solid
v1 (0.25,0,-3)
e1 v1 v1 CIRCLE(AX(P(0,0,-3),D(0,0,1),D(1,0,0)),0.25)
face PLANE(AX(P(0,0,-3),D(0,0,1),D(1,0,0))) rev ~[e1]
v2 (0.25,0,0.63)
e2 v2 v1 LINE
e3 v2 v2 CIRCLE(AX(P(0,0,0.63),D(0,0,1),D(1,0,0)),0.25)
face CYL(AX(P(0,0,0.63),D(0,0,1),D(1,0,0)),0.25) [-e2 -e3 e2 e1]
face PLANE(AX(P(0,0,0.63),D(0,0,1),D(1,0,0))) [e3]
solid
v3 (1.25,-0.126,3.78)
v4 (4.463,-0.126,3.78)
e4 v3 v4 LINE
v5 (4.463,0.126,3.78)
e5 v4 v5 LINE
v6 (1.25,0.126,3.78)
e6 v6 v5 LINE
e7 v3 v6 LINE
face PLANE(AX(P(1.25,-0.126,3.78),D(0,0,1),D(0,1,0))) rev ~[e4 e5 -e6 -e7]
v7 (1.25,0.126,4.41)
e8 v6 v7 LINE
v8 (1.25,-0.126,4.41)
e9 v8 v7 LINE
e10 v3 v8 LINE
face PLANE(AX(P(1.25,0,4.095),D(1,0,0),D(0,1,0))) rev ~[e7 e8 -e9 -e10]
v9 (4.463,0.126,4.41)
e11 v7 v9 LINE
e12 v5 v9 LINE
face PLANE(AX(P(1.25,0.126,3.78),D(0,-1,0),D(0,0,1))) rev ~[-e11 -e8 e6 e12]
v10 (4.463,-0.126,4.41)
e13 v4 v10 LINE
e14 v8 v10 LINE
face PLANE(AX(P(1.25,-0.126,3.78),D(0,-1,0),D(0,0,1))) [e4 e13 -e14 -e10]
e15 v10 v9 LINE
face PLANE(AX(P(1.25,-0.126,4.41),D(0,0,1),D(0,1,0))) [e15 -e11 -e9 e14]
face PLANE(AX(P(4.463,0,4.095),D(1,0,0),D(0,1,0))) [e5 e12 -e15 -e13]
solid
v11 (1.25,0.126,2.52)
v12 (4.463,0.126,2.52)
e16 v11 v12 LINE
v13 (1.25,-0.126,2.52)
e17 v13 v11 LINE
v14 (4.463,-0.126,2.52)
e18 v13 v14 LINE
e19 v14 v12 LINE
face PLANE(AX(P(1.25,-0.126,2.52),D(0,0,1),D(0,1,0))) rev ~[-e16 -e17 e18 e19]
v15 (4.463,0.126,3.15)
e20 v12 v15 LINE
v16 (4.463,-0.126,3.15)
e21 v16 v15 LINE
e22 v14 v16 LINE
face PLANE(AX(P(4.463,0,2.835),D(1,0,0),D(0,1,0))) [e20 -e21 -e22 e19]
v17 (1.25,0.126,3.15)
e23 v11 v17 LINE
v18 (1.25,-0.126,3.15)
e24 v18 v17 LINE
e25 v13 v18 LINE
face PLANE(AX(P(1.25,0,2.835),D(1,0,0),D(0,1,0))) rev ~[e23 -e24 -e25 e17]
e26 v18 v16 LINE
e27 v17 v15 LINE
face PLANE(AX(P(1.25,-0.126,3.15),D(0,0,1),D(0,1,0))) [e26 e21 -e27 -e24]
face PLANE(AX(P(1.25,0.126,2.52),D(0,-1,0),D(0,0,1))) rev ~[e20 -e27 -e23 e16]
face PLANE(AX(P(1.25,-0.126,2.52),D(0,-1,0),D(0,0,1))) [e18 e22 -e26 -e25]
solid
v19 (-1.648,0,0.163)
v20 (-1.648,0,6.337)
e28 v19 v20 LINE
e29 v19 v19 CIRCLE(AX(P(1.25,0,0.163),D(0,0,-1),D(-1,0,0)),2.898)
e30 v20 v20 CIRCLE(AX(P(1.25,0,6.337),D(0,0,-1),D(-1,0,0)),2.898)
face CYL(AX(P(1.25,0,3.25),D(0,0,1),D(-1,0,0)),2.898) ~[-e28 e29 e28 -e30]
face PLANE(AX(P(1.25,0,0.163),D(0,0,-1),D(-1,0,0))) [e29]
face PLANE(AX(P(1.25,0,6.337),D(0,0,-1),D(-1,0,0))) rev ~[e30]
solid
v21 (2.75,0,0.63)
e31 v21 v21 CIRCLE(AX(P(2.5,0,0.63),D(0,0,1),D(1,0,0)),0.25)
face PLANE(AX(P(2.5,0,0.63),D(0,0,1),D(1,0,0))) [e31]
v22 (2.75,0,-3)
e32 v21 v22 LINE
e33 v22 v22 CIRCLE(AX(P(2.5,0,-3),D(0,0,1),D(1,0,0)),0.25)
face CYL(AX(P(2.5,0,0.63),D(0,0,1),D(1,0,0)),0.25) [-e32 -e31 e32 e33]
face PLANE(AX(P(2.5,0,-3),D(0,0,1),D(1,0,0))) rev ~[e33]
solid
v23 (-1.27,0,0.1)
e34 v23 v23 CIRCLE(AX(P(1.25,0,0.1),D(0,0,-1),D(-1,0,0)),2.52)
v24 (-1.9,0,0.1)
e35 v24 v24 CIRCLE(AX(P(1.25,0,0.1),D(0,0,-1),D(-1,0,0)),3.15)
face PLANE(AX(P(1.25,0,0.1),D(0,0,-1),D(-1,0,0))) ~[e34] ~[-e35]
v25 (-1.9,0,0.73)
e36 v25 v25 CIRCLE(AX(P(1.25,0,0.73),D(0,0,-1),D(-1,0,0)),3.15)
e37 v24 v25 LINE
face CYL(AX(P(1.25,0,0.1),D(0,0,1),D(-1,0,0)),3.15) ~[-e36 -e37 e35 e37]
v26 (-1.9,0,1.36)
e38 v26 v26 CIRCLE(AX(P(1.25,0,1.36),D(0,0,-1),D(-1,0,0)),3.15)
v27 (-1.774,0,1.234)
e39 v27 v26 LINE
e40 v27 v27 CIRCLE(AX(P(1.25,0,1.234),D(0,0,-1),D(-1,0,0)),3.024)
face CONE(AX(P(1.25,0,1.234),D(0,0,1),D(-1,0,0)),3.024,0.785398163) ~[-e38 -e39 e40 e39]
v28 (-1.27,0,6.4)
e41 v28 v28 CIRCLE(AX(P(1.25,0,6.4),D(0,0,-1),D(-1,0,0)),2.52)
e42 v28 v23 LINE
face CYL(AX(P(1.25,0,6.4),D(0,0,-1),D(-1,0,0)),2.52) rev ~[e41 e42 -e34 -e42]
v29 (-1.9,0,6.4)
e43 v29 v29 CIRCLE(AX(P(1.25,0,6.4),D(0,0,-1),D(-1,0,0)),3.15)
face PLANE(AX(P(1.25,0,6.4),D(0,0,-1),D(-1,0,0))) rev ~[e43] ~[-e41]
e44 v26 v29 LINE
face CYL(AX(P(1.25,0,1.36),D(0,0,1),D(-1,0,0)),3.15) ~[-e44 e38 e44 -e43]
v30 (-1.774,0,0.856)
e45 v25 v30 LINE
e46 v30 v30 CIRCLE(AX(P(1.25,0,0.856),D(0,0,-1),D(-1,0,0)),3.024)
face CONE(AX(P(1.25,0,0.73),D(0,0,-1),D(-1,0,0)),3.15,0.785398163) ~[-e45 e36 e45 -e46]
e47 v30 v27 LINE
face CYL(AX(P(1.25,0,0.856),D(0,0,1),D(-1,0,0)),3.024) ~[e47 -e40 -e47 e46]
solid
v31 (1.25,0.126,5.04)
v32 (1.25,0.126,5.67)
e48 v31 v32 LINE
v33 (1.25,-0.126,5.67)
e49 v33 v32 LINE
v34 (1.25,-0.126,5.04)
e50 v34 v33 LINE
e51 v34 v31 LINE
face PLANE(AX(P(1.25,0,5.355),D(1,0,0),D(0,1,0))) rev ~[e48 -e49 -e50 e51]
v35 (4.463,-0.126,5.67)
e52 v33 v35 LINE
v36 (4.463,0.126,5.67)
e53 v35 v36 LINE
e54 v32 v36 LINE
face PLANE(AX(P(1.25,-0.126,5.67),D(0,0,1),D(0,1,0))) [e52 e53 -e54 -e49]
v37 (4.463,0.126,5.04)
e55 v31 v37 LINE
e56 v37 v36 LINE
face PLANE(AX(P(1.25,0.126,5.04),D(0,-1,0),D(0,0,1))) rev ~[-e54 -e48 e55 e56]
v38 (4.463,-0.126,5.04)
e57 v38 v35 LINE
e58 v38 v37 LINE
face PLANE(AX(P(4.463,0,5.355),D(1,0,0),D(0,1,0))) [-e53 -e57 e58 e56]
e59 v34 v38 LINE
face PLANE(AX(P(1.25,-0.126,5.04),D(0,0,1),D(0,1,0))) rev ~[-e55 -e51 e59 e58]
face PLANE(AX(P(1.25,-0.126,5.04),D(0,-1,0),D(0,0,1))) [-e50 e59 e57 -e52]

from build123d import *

# Parameters (mm, degrees)
SKETCH002_W  = 2.898
SKETCH002_H  = 6.174
SKETCH003_R  = 0.25
PAD_DEPTH    = 3.63
SKETCH004_W  = 0.252
SKETCH004_H  = 0.63
PAD001_DEPTH = 3.213


with BuildPart() as revolution:
    # Sketch → Revolution (revolve)
    with BuildSketch(Plane.XZ):
        Polygon((-1.9, 0.1), (-1.9, 0.73), (-1.774, 0.856), (-1.774, 1.234), (-1.9, 1.36), (-1.9, 6.4), (-1.27, 6.4), (-1.27, 0.1), align=None)
    revolve(axis=Axis((1.25, 0, 7.548619), (0, 0, -1)))


with BuildPart() as revolution001:
    # Sketch002 → Revolution001 (revolve)
    with BuildSketch(Plane.XZ):
        with Locations((-0.199, 3.25)):
            Rectangle(SKETCH002_W, SKETCH002_H)
    revolve(axis=Axis((1.25, 0, 4.680116), (0, 0, -1)))


with BuildPart() as pad:
    # Sketch003 → Pad (new body)
    with BuildSketch(Plane.XY.offset(0.63)):
        Circle(SKETCH003_R)
        with Locations((2.5, 0)):
            Circle(SKETCH003_R)
    extrude(amount=-PAD_DEPTH)


with BuildPart() as pad001:
    # Sketch004 → Pad001 (new body)
    with BuildSketch(Plane.YZ.offset(1.25)):
        with Locations((0, 2.835)):
            Rectangle(SKETCH004_W, SKETCH004_H)
        with Locations((0, 4.095)):
            Rectangle(SKETCH004_W, SKETCH004_H)
        with Locations((0, 5.355)):
            Rectangle(SKETCH004_W, SKETCH004_H)
    extrude(amount=PAD001_DEPTH)


solid = Compound([revolution.part, revolution001.part, pad.part, pad001.part])
